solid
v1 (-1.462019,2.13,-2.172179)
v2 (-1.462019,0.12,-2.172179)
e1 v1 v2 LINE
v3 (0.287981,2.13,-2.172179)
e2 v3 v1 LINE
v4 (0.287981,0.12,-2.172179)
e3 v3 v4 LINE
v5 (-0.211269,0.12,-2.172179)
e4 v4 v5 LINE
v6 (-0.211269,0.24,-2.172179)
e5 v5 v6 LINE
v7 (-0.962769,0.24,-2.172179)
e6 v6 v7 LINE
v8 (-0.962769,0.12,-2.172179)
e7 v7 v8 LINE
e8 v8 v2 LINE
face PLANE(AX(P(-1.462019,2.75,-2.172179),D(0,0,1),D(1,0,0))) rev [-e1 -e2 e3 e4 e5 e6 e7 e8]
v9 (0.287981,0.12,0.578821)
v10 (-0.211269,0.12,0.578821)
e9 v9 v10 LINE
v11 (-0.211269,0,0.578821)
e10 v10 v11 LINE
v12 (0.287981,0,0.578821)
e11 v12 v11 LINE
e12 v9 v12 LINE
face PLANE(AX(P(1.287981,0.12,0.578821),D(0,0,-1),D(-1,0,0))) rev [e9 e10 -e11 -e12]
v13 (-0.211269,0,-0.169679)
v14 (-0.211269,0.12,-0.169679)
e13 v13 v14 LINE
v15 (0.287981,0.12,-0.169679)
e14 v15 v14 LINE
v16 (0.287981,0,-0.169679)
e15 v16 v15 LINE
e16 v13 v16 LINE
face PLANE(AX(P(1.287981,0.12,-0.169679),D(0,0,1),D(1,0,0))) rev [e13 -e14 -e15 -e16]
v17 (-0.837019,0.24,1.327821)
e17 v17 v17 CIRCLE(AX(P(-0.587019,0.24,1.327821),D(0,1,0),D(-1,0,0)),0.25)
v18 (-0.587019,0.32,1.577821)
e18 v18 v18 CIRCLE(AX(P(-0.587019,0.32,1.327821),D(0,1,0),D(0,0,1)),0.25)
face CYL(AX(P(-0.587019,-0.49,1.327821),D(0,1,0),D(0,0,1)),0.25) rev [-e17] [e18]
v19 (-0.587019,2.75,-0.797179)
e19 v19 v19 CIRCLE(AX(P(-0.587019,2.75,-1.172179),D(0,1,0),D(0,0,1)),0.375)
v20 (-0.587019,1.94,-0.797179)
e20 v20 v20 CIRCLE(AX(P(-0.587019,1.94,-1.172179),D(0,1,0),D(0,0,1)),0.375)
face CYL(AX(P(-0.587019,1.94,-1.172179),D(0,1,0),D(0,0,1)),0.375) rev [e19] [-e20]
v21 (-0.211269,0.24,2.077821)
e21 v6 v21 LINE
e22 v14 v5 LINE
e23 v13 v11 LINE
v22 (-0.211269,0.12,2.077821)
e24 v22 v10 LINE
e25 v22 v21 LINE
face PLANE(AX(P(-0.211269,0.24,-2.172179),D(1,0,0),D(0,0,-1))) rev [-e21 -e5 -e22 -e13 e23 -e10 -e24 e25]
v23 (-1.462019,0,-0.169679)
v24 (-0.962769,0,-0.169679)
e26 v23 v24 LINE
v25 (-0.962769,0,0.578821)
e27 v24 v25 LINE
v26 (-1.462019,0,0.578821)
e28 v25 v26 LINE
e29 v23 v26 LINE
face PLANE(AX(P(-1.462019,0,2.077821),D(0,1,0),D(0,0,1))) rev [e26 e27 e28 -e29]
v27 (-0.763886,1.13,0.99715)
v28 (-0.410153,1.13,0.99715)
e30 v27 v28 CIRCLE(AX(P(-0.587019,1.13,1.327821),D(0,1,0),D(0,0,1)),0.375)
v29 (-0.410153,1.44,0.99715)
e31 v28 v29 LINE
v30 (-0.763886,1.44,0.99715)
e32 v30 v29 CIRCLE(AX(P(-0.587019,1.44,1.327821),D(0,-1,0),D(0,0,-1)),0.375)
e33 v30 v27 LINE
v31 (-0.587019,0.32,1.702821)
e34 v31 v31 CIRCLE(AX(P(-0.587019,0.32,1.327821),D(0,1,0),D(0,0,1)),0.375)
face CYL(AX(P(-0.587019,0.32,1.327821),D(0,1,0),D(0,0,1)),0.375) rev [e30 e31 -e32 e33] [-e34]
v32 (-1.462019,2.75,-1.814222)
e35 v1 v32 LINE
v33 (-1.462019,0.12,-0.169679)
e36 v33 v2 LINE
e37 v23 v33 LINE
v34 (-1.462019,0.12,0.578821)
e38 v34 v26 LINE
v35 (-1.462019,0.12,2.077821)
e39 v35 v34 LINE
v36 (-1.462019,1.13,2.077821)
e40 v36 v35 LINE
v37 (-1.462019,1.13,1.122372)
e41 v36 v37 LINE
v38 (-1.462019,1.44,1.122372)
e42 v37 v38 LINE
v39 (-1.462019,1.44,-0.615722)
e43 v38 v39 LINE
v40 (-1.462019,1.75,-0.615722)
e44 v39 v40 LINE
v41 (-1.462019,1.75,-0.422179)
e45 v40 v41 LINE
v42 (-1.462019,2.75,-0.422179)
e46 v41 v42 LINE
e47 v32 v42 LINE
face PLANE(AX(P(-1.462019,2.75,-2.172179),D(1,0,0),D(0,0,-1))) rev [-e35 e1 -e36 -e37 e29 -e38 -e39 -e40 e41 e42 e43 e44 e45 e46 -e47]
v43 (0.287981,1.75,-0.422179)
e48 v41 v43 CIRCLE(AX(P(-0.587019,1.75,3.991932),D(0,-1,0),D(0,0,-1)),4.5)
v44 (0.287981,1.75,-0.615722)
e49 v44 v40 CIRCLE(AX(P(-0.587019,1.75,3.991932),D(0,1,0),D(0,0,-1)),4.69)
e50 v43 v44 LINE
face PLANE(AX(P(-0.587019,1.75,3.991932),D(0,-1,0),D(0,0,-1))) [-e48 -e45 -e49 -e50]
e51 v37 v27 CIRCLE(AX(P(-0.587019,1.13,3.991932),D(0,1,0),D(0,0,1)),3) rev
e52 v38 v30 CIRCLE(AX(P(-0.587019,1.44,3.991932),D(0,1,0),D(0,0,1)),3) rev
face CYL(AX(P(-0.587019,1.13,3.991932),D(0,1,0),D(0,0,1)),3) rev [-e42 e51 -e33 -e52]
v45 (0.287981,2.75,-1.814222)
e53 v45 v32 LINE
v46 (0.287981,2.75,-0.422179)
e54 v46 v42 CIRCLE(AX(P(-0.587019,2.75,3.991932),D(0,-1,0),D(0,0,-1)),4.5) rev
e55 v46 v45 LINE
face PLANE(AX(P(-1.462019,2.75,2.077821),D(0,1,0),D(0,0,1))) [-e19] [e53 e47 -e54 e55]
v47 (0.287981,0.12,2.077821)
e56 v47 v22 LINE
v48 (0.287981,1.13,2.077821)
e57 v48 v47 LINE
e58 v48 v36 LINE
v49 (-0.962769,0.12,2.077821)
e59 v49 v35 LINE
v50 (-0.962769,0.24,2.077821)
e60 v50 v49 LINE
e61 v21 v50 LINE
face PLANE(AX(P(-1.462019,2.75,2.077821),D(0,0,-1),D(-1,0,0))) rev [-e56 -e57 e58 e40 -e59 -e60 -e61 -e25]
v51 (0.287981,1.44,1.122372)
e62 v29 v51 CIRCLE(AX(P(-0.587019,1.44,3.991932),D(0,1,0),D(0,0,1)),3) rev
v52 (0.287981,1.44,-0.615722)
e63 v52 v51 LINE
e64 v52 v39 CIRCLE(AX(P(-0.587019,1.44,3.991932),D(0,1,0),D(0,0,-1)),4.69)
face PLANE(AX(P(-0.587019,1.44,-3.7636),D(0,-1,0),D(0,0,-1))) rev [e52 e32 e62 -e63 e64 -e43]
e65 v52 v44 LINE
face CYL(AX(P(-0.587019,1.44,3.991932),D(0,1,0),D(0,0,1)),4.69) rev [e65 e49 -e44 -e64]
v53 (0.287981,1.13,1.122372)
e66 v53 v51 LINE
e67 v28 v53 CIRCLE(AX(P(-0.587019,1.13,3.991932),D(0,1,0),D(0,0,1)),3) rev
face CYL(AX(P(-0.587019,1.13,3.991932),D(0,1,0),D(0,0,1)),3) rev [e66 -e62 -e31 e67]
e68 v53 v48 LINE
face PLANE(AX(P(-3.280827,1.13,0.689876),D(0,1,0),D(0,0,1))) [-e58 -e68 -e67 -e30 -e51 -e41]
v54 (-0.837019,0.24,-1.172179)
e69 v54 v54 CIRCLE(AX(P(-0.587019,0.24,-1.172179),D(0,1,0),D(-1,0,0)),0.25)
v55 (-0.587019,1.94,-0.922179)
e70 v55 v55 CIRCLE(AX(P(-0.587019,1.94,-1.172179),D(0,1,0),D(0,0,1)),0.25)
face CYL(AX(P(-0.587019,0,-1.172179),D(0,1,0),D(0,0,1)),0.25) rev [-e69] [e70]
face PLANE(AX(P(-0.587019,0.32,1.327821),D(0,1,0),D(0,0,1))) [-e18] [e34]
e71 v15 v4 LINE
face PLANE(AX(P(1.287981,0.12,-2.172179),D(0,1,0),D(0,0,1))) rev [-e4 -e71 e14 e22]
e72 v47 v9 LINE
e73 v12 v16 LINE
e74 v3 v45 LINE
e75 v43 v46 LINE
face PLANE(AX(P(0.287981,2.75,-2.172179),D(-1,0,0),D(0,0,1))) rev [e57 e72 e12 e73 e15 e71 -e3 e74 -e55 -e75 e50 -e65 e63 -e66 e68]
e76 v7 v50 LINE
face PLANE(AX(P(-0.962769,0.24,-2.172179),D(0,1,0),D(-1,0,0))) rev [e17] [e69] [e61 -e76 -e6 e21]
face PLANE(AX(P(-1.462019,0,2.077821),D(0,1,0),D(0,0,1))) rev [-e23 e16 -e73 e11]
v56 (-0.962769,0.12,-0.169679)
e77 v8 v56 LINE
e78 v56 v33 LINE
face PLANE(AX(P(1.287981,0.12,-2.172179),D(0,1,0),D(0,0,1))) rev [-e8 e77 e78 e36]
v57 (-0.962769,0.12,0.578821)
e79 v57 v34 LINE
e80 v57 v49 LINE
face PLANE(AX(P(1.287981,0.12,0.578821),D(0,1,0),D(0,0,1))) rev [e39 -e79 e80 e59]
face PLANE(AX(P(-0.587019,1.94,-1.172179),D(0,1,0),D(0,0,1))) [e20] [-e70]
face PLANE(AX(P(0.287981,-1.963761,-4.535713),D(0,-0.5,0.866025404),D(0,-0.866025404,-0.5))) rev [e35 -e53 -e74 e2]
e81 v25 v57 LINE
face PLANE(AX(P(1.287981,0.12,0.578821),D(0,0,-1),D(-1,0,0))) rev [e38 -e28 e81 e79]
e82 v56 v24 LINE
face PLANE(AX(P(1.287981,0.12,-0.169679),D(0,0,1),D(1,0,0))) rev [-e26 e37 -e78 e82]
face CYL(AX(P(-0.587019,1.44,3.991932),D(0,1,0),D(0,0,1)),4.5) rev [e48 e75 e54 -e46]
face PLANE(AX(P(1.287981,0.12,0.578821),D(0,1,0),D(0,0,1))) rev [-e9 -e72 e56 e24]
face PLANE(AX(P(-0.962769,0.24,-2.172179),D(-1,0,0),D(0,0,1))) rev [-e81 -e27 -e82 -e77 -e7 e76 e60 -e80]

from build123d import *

# Parameters (mm, degrees)
SKETCH1_W                = 1.75
SKETCH1_H                = 4.25
EXTRUDE1_DEPTH           = 2.75
SKETCH3_W                = 2.0025
SKETCH3_H                = 0.12
CUT_EXTRUDE1_DEPTH       = 2.75
SKETCH4_W                = 1.499
SKETCH4_H                = 0.12
CUT_EXTRUDE2_DEPTH       = 2.75
SKETCH5_W                = 0.7515
SKETCH5_H                = 0.24
CUT_EXTRUDE3_DEPTH       = 5.25
CUT_EXTRUDE4_DEPTH       = 1.31
CUT_EXTRUDE7_START       = -1
CUT_EXTRUDE7_DEPTH       = 0.31
CUT_EXTRUDE8_DEPTH       = 0.31
SKETCH11_R               = 0.375
CUT_EXTRUDE10_DEPTH      = 2.62
CUT_EXTRUDE10_DEPTH_BACK = 0.81
SKETCH13_R               = 0.25
CUT_EXTRUDE11_DEPTH      = 0.81
SKETCH14_R               = 0.375
SKETCH14_R_2             = 0.25
CUT_EXTRUDE12_DEPTH      = 0.81
SKETCH15_R               = 0.25
CUT_EXTRUDE13_DEPTH      = 2.94
CUT_EXTRUDE14_DEPTH      = 2.75


with BuildPart() as part:
    # Sketch1 → Extrude1 (new body)
    with BuildSketch(Plane(origin=(0, 0, 0), x_dir=(1, 0, 0), z_dir=(0, 1, 0))):
        with Locations((-0.587019269, 0.04717902)):
            Rectangle(SKETCH1_W, SKETCH1_H)
    extrude(amount=EXTRUDE1_DEPTH)

    # Sketch3 → Cut-Extrude1 (cut)
    with BuildSketch(Plane.ZY.offset(1.462019269)):
        with Locations((-1.17092902, 0.06)):
            Rectangle(SKETCH3_W, SKETCH3_H)
    extrude(amount=-CUT_EXTRUDE1_DEPTH, mode=Mode.SUBTRACT)

    # Sketch4 → Cut-Extrude2 (cut)
    with BuildSketch(Plane.ZY.offset(1.462019269)):
        with Locations((1.32832098, 0.06)):
            Rectangle(SKETCH4_W, SKETCH4_H)
    extrude(amount=-CUT_EXTRUDE2_DEPTH, mode=Mode.SUBTRACT)

    # Sketch5 → Cut-Extrude3 (cut, through all)
    with BuildSketch(Plane.XY.offset(2.07782098)):
        with Locations((-0.587019269, 0.12)):
            Rectangle(SKETCH5_W, SKETCH5_H)
    extrude(amount=-CUT_EXTRUDE3_DEPTH, mode=Mode.SUBTRACT)

    # Sketch6 → Cut-Extrude4 (cut)
    with BuildSketch(Plane(origin=(0, 2.75, 0), x_dir=(-1, 0, 0), z_dir=(0, 1, 0))):
        with BuildLine():
            ThreePointArc((-0.287980731, -0.42217902), (0.587019269, -0.508068124), (1.462019269, -0.42217902))
            Line((1.462019269, -0.42217902), (1.462019269, 2.07782098))
            Line((1.462019269, 2.07782098), (-0.287980731, 2.07782098))
            Line((-0.287980731, 2.07782098), (-0.287980731, -0.42217902))
        make_face()
    extrude(amount=-CUT_EXTRUDE4_DEPTH, mode=Mode.SUBTRACT)

    # Sketch7 → Cut-Extrude7 (cut)
    with BuildSketch(Plane(origin=(0, 2.75, 0), x_dir=(-1, 0, 0), z_dir=(0, 1, 0)).offset(CUT_EXTRUDE7_START)):
        with BuildLine():
            Line((1.462019269, -0.615722082), (1.462019269, -0.42217902))
            ThreePointArc((1.462019269, -0.42217902), (0.587019269, -0.508068124), (-0.287980731, -0.42217902))
            Line((-0.287980731, -0.42217902), (-0.287980731, -0.615722082))
            ThreePointArc((-0.287980731, -0.615722082), (0.587019269, -0.698068124), (1.462019269, -0.615722082))
        make_face()
    extrude(amount=-CUT_EXTRUDE7_DEPTH, mode=Mode.SUBTRACT)

    # Sketch8 → Cut-Extrude8 (cut)
    with BuildSketch(Plane(origin=(0, 1.44, 0), x_dir=(-1, 0, 0), z_dir=(0, 1, 0))):
        with BuildLine():
            ThreePointArc((-0.287980731, 1.122371805), (0.587019269, 0.991931876), (1.462019269, 1.122371805))
            Line((1.462019269, 1.122371805), (1.462019269, 2.07782098))
            Line((1.462019269, 2.07782098), (-0.287980731, 2.07782098))
            Line((-0.287980731, 2.07782098), (-0.287980731, 1.122371805))
        make_face()
    extrude(amount=-CUT_EXTRUDE8_DEPTH, mode=Mode.SUBTRACT)

    # Sketch11 → Cut-Extrude10 (cut, two sides)
    with BuildSketch(Plane(origin=(0, 1.13, 0), x_dir=(-1, 0, 0), z_dir=(0, 1, 0))) as cut_extrude10_sk:
        with Locations((0.587019269, 1.32782098)):
            Circle(SKETCH11_R)
    extrude(amount=CUT_EXTRUDE10_DEPTH, mode=Mode.SUBTRACT)
    extrude(cut_extrude10_sk.sketch, amount=-CUT_EXTRUDE10_DEPTH_BACK, mode=Mode.SUBTRACT)

    # Sketch13 → Cut-Extrude11 (cut)
    with BuildSketch(Plane(origin=(0, 0.32, 0), x_dir=(-1, 0, 0), z_dir=(0, 1, 0))):
        with Locations((0.587019269, 1.32782098)):
            Circle(SKETCH13_R)
    extrude(amount=-CUT_EXTRUDE11_DEPTH, mode=Mode.SUBTRACT)

    # Sketch14 → Cut-Extrude12 (cut)
    with BuildSketch(Plane(origin=(0, 2.75, 0), x_dir=(-1, 0, 0), z_dir=(0, 1, 0))):
        with Locations((0.587019269, -1.17217902)):
            Circle(SKETCH14_R)
        with Locations((0.587019269, 1.32782098)):
            Circle(SKETCH14_R_2)
    extrude(amount=-CUT_EXTRUDE12_DEPTH, mode=Mode.SUBTRACT)

    # Sketch15 → Cut-Extrude13 (cut, through all)
    with BuildSketch(Plane(origin=(0, 1.94, 0), x_dir=(-1, 0, 0), z_dir=(0, 1, 0))):
        with Locations((0.587019269, -1.17217902)):
            Circle(SKETCH15_R)
    extrude(amount=-CUT_EXTRUDE13_DEPTH, mode=Mode.SUBTRACT)

    # Sketch16 → Cut-Extrude14 (cut, through all)
    with BuildSketch(Plane.ZY.offset(1.462019269)):
        Polygon((-2.17217902, 2.75), (-2.17217902, 2.13), (-1.814221853, 2.75), align=None)
    extrude(amount=-CUT_EXTRUDE14_DEPTH, mode=Mode.SUBTRACT)


solid = part.part
